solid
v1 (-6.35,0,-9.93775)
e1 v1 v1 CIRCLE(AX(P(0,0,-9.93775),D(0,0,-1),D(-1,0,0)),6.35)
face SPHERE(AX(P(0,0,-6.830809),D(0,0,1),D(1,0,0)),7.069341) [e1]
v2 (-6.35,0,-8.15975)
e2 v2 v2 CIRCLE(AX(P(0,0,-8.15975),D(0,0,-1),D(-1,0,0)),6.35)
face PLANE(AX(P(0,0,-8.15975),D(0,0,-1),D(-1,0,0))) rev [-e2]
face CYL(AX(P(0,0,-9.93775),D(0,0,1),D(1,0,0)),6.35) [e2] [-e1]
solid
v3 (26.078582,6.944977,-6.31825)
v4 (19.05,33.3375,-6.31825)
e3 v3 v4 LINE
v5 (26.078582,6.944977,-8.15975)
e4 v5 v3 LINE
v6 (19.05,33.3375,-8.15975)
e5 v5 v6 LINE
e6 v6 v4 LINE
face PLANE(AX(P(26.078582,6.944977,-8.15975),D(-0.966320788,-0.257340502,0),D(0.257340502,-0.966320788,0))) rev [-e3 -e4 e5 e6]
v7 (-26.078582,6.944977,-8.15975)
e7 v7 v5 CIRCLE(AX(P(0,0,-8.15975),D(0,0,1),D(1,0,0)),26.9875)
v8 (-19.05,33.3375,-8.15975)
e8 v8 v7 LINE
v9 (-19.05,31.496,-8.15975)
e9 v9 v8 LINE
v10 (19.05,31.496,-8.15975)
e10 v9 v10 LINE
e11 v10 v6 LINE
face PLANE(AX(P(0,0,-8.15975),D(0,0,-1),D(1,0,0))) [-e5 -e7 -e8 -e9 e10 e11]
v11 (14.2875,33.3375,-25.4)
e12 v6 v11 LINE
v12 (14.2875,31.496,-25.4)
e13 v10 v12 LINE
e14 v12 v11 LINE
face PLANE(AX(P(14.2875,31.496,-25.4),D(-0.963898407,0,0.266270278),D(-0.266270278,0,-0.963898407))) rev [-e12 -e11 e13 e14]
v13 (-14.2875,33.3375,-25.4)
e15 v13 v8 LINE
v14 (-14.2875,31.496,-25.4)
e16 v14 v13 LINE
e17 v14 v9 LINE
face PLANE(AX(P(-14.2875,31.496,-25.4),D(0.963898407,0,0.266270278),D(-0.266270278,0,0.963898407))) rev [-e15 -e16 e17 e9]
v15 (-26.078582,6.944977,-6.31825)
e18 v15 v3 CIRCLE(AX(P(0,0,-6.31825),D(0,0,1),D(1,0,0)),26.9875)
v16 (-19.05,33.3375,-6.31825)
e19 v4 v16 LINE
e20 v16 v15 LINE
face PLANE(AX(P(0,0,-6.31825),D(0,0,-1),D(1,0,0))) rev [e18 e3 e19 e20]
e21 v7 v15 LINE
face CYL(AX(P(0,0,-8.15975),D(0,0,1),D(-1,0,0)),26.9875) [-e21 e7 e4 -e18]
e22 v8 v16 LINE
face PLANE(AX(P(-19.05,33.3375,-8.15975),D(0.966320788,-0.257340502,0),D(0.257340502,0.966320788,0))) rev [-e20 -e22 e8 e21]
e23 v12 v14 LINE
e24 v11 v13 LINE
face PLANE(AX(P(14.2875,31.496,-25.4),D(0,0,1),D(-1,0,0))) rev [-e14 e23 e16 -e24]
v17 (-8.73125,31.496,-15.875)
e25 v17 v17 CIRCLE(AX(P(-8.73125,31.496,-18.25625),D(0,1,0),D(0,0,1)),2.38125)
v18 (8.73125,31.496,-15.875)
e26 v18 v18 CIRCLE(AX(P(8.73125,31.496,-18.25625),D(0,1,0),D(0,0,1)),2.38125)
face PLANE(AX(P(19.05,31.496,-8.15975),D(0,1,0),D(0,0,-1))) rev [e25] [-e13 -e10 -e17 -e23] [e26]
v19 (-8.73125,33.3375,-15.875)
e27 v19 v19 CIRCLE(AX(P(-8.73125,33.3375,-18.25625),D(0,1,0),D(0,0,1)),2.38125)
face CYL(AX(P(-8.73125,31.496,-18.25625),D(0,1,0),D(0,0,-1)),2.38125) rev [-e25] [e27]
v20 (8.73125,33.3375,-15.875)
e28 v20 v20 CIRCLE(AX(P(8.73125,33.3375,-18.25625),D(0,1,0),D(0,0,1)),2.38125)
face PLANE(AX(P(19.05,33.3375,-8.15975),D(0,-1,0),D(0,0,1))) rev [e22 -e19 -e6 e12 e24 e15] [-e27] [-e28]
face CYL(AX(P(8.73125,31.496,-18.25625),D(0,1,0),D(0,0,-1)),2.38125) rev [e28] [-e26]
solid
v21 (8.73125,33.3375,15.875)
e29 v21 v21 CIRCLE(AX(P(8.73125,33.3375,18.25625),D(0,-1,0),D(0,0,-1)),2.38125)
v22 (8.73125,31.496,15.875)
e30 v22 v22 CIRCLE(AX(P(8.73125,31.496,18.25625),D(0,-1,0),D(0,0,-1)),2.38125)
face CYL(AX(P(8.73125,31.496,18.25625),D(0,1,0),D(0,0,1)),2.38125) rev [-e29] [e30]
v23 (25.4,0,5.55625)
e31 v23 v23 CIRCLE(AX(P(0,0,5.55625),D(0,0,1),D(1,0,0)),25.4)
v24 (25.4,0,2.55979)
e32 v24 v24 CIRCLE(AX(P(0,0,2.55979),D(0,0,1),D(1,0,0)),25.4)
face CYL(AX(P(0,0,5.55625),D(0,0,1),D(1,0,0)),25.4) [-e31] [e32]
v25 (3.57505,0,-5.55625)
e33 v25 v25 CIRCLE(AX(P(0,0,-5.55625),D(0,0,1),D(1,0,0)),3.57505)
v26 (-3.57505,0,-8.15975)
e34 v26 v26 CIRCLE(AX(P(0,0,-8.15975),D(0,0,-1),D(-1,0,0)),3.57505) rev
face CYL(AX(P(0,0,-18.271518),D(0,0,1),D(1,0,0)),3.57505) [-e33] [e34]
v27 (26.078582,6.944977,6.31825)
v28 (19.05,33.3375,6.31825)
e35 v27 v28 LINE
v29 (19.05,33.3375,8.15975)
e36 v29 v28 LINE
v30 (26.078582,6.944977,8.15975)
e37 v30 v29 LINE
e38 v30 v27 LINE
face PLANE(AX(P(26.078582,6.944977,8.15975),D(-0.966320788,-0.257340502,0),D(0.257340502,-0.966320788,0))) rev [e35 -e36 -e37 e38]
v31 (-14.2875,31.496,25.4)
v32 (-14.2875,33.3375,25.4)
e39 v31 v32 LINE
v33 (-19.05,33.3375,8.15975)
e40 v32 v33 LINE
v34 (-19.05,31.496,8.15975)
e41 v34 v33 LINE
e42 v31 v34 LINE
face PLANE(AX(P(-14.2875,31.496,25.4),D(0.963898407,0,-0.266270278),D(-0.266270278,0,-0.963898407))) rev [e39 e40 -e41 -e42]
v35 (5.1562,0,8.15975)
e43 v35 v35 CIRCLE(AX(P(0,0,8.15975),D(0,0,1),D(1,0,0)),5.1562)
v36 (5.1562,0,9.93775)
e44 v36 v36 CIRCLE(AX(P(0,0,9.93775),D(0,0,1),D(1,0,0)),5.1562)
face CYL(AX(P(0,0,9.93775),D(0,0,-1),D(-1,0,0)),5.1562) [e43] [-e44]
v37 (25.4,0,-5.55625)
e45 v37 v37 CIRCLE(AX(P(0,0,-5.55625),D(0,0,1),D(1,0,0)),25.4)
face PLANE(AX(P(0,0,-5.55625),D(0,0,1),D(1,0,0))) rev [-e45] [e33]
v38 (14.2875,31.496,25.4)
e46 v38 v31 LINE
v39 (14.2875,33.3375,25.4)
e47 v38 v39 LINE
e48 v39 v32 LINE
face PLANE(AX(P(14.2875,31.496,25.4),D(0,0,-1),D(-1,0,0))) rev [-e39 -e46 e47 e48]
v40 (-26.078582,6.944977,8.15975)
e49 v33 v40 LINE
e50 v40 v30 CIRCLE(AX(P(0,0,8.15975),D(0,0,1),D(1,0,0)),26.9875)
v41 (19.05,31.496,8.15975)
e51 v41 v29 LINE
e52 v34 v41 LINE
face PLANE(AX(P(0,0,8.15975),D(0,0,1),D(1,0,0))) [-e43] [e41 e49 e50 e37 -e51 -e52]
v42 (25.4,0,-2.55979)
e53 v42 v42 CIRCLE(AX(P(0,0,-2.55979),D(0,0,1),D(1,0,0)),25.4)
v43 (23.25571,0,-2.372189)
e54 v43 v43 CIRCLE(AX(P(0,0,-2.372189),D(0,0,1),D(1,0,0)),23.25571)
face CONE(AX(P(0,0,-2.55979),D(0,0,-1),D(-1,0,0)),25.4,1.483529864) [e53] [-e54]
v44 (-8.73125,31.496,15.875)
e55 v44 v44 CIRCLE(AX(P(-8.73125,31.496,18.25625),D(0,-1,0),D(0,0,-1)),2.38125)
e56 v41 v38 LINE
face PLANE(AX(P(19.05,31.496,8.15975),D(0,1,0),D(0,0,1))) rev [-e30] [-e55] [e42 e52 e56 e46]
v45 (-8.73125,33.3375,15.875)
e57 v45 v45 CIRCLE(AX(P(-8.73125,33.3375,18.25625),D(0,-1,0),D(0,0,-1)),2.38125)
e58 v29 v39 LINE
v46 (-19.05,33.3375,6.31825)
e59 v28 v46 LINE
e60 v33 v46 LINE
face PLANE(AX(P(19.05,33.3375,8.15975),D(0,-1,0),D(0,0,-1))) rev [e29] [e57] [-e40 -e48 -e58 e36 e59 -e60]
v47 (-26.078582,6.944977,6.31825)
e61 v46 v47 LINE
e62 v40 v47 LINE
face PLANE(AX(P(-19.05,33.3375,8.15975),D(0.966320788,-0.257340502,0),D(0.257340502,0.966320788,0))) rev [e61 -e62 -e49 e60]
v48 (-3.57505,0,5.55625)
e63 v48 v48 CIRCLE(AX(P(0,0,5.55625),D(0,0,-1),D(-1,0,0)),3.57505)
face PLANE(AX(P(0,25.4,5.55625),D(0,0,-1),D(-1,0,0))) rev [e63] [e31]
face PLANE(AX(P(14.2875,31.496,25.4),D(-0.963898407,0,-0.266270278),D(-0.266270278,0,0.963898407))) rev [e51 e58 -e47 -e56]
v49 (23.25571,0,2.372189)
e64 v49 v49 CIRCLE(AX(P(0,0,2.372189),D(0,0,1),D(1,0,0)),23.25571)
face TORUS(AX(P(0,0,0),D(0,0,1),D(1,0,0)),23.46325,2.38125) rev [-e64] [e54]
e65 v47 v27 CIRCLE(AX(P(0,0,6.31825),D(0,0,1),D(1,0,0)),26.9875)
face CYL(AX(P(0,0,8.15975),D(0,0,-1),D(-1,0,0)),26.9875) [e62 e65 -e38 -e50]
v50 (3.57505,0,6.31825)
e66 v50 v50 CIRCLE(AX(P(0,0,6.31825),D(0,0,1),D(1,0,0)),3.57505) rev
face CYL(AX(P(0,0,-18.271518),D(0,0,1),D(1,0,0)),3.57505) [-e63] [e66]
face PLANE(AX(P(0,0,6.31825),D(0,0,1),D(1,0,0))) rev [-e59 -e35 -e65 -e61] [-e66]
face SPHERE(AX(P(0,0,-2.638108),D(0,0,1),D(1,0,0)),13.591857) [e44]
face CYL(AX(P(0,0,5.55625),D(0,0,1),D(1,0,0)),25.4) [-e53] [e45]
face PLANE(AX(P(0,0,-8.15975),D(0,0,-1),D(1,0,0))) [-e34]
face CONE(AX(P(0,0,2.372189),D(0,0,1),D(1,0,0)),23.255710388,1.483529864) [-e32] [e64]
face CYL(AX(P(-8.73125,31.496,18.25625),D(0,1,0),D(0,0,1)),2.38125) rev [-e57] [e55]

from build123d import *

# Parameters (mm, degrees)
BOSS_EXTRUDE1_DEPTH = 1.8415
SKETCH5_R           = 2.38125
BOSS_EXTRUDE2_DEPTH = 1.8415
SKETCH6_R           = 5.1562
BOSS_EXTRUDE3_DEPTH = 1.778
DOME4_FACE_RADIUS   = 5.1562
DOME4_HEIGHT        = 1.016
SKETCH8_R           = 6.35
BOSS_EXTRUDE4_DEPTH = 1.778
DOME7_FACE_RADIUS   = 6.35
DOME7_HEIGHT        = 3.9624
SKETCH9_R           = 3.57505
BOSS_EXTRUDE5_DEPTH = 16.3195


with BuildPart() as part:
    # Sketch3 → Revolve1 (revolve)
    with BuildSketch(Plane(origin=(0, 0, 0), x_dir=(0, 0, -1), z_dir=(1, 0, 0))):
        with BuildLine():
            Line((-5.55625, 25.4), (-5.55625, 0))
            Line((-5.55625, 0), (5.55625, 0))
            Line((5.55625, 0), (5.55625, 25.4))
            Line((5.55625, 25.4), (2.559789657, 25.4))
            Line((2.559789657, 25.4), (2.372188625, 23.255710388))
            ThreePointArc((2.372188625, 23.255710388), (0, 21.082), (-2.372188625, 23.255710388))
            Line((-2.372188625, 23.255710388), (-2.559789657, 25.4))
            Line((-2.559789657, 25.4), (-5.55625, 25.4))
        make_face()
    revolve(axis=Axis((0, 0, 5.55625), (0, 0, -1)))



with BuildPart() as body_2:
    # Sketch4 → Boss-Extrude1 (new body)
    with BuildSketch(Plane.XY.offset(6.31825)):
        with BuildLine():
            Line((19.05, 33.3375), (-19.05, 33.3375))
            Line((-19.05, 33.3375), (-26.078582277, 6.944976794))
            ThreePointArc((-26.078582277, 6.944976794), (0, -26.9875), (26.078582277, 6.944976794))
            Line((26.078582277, 6.944976794), (19.05, 33.3375))
        make_face()
    extrude(amount=BOSS_EXTRUDE1_DEPTH)

    # Sketch5 → Boss-Extrude2 (add)
    with BuildSketch(Plane(origin=(0, 33.3375, 97.5995), x_dir=(-1, 0, 0), z_dir=(0, -1, 0))):
        Polygon((-14.2875, 72.1995), (14.2875, 72.1995), (19.05, 89.43975), (-19.05, 89.43975), align=None)
        with Locations((-8.73125, 79.34325)):
            Circle(SKETCH5_R, mode=Mode.SUBTRACT)
        with Locations((8.73125, 79.34325)):
            Circle(SKETCH5_R, mode=Mode.SUBTRACT)
    extrude(amount=BOSS_EXTRUDE2_DEPTH)


with BuildPart() as body_3:
    # Mirror1: mirrored copy
    add(body_2.part.mirror(Plane.XY))


with BuildPart() as body_2_1:
    add(body_2.part)

    # Sketch6 → Boss-Extrude3 (add)
    with BuildSketch(Plane.XY.offset(8.15975)):
        Circle(SKETCH6_R)
    extrude(amount=BOSS_EXTRUDE3_DEPTH)

    # Dome4: a dome of height H over a round flat face of radius A is a cap of a sphere of radius (A * A + H * H) / (2 * H)
    dome4_r = (DOME4_FACE_RADIUS * DOME4_FACE_RADIUS + DOME4_HEIGHT * DOME4_HEIGHT) / (2 * DOME4_HEIGHT)
    dome4_base = Plane((0, 0, 9.93775), z_dir=(0, 0, 1))
    with Locations(dome4_base.offset(DOME4_HEIGHT - dome4_r)):
        dome4_ball = Sphere(dome4_r, mode=Mode.PRIVATE)
    add(split(dome4_ball, bisect_by=dome4_base, keep=Keep.TOP, mode=Mode.PRIVATE))


with BuildPart() as body_4:
    # Sketch8 → Boss-Extrude4 (new body)
    with BuildSketch(Plane(origin=(0, 0, -8.15975), x_dir=(-1, 0, 0), z_dir=(0, 0, -1))):
        Circle(SKETCH8_R)
    extrude(amount=BOSS_EXTRUDE4_DEPTH)

    # Dome7: a dome of height H over a round flat face of radius A is a cap of a sphere of radius (A * A + H * H) / (2 * H)
    dome7_r = (DOME7_FACE_RADIUS * DOME7_FACE_RADIUS + DOME7_HEIGHT * DOME7_HEIGHT) / (2 * DOME7_HEIGHT)
    dome7_base = Plane((0, 0, -9.93775), z_dir=(0, 0, -1))
    with Locations(dome7_base.offset(DOME7_HEIGHT - dome7_r)):
        dome7_ball = Sphere(dome7_r, mode=Mode.PRIVATE)
    add(split(dome7_ball, bisect_by=dome7_base, keep=Keep.TOP, mode=Mode.PRIVATE))


with BuildPart() as part_1:
    add(part.part)

    add(body_2_1.part)  # Boss-Extrude5 merges body 2
    # Sketch9 → Boss-Extrude5 (add)
    with BuildSketch(Plane.XY.offset(8.15975)):
        Circle(SKETCH9_R)
    extrude(amount=-BOSS_EXTRUDE5_DEPTH)


solid = Compound([body_3.part, body_4.part, part_1.part])
